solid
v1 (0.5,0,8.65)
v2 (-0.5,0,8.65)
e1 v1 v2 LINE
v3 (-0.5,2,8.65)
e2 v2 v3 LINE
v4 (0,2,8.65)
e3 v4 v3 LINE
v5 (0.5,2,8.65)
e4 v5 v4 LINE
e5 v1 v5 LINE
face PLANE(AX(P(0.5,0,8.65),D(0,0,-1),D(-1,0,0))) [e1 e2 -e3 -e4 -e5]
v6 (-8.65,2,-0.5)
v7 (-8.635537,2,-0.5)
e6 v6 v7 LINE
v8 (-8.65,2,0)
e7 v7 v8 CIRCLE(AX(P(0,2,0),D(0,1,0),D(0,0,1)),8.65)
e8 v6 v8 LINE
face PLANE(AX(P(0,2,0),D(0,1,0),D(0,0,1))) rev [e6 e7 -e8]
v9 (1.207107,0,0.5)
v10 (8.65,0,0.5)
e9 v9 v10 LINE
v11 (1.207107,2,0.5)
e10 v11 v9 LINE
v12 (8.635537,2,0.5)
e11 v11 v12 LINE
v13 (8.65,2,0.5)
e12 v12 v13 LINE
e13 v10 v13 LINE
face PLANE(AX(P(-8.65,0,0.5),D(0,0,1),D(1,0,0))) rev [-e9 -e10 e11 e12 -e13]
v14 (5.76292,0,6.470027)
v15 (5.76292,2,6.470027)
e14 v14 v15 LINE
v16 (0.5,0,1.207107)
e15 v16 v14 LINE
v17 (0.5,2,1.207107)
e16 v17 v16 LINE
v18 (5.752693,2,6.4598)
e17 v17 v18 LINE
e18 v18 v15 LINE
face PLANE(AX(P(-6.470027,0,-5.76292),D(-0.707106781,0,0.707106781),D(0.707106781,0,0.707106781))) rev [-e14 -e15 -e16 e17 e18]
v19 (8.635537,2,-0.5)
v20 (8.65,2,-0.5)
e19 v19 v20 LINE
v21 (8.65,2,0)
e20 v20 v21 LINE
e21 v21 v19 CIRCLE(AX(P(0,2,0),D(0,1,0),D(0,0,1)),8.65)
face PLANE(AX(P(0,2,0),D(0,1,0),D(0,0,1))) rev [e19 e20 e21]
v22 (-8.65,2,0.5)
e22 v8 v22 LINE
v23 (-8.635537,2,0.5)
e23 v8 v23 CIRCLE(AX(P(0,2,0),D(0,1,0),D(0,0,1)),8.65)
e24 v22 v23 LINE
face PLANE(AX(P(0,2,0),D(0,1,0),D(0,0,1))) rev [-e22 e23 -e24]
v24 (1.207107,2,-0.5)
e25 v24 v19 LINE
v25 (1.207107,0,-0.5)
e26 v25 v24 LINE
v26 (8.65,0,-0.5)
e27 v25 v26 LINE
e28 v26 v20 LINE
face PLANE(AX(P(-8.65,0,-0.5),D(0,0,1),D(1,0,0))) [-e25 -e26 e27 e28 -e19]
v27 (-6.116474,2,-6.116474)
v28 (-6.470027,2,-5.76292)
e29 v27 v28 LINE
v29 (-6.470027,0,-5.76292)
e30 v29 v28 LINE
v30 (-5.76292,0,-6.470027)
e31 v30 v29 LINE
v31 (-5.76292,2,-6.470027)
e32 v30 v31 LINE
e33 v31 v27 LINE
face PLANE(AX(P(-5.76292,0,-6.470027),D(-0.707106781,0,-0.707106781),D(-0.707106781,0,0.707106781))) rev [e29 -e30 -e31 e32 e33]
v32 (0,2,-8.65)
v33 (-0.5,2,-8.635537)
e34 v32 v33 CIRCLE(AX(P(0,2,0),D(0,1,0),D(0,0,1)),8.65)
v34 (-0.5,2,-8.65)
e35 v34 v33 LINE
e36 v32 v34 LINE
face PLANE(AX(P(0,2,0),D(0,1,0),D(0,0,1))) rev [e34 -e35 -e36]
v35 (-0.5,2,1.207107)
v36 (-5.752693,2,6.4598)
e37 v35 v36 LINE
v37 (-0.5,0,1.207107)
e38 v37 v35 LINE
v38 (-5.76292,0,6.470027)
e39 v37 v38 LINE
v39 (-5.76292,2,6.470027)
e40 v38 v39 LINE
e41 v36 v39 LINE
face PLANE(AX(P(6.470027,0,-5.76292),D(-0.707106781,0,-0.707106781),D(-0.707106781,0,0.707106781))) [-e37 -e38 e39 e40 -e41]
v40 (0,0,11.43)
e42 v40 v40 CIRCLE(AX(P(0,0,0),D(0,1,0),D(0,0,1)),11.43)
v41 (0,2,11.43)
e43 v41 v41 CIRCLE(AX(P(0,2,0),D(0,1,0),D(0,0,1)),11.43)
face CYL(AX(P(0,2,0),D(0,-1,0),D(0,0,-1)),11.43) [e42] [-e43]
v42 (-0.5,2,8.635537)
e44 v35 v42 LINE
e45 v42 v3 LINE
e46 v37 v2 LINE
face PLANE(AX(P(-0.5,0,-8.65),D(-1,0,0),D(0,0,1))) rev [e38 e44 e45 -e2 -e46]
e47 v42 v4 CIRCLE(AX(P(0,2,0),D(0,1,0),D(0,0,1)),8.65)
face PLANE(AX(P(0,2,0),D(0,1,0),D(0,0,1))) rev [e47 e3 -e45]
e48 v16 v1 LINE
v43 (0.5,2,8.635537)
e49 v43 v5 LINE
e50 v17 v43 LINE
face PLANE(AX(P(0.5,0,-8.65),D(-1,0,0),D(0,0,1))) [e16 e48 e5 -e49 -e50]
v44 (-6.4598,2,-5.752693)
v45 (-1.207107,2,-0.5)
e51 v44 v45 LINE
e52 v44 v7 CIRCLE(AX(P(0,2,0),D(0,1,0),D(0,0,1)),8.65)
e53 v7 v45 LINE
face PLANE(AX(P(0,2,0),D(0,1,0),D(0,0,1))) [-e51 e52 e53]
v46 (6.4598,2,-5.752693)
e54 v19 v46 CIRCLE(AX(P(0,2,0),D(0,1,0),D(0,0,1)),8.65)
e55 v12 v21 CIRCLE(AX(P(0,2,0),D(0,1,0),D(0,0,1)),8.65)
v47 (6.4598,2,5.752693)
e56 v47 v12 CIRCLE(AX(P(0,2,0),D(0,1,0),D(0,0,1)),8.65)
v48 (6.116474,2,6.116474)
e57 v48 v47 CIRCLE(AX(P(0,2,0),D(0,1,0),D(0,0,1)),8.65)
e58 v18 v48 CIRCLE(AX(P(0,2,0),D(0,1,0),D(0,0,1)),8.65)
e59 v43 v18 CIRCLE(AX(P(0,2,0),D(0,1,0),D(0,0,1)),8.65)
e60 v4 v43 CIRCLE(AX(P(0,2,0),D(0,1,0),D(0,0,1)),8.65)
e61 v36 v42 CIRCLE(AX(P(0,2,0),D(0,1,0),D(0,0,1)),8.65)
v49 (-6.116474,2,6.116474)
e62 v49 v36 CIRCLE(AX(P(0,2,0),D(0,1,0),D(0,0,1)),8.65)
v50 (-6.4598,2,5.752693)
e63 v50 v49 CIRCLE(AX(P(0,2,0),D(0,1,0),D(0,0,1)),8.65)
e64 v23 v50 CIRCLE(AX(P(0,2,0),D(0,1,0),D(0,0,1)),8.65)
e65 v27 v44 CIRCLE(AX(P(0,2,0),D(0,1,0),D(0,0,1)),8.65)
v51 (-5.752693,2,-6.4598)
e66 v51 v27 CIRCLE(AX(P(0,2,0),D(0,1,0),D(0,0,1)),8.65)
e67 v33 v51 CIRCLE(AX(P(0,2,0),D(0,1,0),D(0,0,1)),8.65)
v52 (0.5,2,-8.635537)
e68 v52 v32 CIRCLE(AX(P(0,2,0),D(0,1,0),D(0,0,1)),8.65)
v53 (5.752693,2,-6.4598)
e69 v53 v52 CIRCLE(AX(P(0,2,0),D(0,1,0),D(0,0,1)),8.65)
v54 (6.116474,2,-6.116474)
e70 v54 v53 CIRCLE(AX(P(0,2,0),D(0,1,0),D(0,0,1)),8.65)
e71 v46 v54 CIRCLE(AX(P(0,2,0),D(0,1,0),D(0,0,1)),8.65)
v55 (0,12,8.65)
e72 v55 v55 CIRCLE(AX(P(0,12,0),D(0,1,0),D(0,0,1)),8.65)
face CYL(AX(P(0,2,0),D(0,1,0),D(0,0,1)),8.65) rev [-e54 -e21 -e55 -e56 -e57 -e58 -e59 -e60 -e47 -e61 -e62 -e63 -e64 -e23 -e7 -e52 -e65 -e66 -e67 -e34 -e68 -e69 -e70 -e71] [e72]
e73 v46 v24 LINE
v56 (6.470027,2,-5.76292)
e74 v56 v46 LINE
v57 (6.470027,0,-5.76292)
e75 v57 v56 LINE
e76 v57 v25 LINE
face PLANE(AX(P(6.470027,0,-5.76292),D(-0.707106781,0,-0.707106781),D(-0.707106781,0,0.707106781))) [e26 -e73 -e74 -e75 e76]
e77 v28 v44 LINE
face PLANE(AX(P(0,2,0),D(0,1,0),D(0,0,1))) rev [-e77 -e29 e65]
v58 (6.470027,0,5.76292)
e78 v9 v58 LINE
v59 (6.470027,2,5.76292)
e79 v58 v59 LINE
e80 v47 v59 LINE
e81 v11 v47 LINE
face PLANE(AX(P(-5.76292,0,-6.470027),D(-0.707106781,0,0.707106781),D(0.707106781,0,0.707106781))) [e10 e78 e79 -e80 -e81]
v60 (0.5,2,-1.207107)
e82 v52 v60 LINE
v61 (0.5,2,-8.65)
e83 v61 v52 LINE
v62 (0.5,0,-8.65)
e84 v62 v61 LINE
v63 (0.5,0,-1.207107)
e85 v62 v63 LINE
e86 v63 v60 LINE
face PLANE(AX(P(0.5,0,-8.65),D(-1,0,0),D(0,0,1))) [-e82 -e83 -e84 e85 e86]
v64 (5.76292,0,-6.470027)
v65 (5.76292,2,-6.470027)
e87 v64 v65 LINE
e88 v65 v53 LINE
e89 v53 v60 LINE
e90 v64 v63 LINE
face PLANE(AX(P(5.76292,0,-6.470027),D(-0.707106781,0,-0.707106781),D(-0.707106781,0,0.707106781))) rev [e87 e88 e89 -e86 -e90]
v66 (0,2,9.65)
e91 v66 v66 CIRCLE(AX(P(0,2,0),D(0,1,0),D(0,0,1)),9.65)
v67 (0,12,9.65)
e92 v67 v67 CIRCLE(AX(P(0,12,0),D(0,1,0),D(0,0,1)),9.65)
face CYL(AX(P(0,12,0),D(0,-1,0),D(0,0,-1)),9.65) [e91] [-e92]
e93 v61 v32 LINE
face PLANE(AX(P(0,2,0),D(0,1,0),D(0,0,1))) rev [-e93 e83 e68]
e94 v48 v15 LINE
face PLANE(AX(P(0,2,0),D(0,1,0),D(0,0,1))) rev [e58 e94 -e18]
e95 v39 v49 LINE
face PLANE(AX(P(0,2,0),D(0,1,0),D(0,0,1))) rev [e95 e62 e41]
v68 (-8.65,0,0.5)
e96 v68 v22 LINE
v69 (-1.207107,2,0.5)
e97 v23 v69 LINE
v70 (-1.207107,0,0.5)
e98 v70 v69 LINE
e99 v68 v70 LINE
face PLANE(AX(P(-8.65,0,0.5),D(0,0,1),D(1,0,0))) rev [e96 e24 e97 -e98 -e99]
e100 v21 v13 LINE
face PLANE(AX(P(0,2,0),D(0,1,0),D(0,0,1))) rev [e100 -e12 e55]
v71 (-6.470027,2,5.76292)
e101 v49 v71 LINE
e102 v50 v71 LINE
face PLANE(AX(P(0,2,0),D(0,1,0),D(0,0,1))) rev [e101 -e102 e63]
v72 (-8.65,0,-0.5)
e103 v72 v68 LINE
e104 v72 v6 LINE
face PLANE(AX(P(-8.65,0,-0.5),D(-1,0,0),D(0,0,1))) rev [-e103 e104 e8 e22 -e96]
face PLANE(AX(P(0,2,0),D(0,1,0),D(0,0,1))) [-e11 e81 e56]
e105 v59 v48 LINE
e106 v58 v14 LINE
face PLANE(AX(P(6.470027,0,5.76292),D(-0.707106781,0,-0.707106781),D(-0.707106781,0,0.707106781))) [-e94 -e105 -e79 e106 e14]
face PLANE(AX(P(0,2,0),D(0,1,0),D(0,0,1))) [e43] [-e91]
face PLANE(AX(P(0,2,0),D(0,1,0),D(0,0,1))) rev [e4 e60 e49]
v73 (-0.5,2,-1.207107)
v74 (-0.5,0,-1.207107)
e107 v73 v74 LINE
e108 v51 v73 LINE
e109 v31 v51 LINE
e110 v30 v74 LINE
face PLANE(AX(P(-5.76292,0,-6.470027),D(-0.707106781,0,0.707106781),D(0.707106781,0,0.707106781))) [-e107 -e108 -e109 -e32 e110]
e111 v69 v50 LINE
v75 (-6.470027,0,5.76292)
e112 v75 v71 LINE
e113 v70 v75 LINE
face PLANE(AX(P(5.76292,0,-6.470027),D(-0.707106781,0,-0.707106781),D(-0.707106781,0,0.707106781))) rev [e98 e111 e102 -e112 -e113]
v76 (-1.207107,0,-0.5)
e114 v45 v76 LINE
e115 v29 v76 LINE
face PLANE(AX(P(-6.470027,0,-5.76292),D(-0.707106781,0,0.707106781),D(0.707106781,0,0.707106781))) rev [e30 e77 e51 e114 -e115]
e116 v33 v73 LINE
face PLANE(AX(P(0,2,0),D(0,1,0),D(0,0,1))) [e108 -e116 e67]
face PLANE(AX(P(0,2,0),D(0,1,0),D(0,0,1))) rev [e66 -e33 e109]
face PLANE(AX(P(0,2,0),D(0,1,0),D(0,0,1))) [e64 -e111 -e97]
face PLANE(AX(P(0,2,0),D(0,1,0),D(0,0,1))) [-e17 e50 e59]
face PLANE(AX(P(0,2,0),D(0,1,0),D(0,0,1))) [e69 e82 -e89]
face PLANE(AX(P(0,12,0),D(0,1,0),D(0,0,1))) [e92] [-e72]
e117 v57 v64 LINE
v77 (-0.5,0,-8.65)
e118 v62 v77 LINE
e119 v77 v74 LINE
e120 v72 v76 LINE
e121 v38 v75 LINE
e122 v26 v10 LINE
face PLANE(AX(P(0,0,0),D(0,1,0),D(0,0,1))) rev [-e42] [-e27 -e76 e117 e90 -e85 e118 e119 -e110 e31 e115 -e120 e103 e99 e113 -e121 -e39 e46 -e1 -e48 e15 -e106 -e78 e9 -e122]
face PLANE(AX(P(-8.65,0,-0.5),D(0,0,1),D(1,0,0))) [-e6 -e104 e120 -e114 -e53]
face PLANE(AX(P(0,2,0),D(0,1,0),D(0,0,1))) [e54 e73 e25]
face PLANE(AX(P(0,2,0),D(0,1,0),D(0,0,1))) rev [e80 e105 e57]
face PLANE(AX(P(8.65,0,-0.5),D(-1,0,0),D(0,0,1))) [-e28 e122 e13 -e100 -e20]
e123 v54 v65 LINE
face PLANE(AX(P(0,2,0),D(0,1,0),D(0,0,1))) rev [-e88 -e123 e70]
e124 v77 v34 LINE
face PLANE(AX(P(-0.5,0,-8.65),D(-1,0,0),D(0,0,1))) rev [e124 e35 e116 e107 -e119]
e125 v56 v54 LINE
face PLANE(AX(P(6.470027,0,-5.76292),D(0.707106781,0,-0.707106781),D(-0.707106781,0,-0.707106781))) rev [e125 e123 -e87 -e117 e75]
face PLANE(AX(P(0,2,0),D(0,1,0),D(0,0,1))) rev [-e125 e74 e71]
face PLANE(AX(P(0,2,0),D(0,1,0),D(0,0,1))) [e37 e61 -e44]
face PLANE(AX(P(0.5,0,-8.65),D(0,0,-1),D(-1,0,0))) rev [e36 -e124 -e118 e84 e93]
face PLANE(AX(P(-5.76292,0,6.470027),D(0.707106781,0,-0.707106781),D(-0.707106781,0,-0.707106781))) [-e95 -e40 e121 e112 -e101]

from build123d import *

# Parameters (mm, degrees)
SKETCH1_R           = 11.43
BOSS_EXTRUDE1_DEPTH = 2
SKETCH2_W           = 17.3
SKETCH2_H           = 1
SKETCH2_W_2         = 1
SKETCH2_H_2         = 17.3
CUT_EXTRUDE7_DEPTH  = 2
SKETCH3_R           = 9.65
BOSS_EXTRUDE2_DEPTH = 10
SKETCH4_R           = 8.65
CUT_EXTRUDE8_DEPTH  = 10


with BuildPart() as part:
    # Sketch1 → Boss-Extrude1 (new body)
    with BuildSketch(Plane(origin=(0, 0, 0), x_dir=(1, 0, 0), z_dir=(0, 1, 0))):
        Circle(SKETCH1_R)
    extrude(amount=BOSS_EXTRUDE1_DEPTH)

    # Sketch2 → Cut-Extrude7 (cut)
    with BuildSketch(Plane(origin=(0, 2, 0), x_dir=(1, 0, 0), z_dir=(0, 1, 0))):
        Polygon((-6.470027048, 5.762920267), (5.762920267, -6.470027048), (6.470027048, -5.762920267), (-5.762920267, 6.470027048), align=None)
        Rectangle(SKETCH2_W, SKETCH2_H)
        Rectangle(SKETCH2_W_2, SKETCH2_H_2)
        Polygon((5.762920267, 6.470027048), (-6.470027048, -5.762920267), (-5.762920267, -6.470027048), (6.470027048, 5.762920267), align=None)
    extrude(amount=-CUT_EXTRUDE7_DEPTH, mode=Mode.SUBTRACT)

    # Sketch3 → Boss-Extrude2 (add)
    with BuildSketch(Plane(origin=(0, 2, 0), x_dir=(1, 0, 0), z_dir=(0, 1, 0))):
        Circle(SKETCH3_R)
    extrude(amount=BOSS_EXTRUDE2_DEPTH)

    # Sketch4 → Cut-Extrude8 (cut)
    with BuildSketch(Plane(origin=(0, 12, 0), x_dir=(1, 0, 0), z_dir=(0, 1, 0))):
        Circle(SKETCH4_R)
    extrude(amount=-CUT_EXTRUDE8_DEPTH, mode=Mode.SUBTRACT)


solid = part.part
